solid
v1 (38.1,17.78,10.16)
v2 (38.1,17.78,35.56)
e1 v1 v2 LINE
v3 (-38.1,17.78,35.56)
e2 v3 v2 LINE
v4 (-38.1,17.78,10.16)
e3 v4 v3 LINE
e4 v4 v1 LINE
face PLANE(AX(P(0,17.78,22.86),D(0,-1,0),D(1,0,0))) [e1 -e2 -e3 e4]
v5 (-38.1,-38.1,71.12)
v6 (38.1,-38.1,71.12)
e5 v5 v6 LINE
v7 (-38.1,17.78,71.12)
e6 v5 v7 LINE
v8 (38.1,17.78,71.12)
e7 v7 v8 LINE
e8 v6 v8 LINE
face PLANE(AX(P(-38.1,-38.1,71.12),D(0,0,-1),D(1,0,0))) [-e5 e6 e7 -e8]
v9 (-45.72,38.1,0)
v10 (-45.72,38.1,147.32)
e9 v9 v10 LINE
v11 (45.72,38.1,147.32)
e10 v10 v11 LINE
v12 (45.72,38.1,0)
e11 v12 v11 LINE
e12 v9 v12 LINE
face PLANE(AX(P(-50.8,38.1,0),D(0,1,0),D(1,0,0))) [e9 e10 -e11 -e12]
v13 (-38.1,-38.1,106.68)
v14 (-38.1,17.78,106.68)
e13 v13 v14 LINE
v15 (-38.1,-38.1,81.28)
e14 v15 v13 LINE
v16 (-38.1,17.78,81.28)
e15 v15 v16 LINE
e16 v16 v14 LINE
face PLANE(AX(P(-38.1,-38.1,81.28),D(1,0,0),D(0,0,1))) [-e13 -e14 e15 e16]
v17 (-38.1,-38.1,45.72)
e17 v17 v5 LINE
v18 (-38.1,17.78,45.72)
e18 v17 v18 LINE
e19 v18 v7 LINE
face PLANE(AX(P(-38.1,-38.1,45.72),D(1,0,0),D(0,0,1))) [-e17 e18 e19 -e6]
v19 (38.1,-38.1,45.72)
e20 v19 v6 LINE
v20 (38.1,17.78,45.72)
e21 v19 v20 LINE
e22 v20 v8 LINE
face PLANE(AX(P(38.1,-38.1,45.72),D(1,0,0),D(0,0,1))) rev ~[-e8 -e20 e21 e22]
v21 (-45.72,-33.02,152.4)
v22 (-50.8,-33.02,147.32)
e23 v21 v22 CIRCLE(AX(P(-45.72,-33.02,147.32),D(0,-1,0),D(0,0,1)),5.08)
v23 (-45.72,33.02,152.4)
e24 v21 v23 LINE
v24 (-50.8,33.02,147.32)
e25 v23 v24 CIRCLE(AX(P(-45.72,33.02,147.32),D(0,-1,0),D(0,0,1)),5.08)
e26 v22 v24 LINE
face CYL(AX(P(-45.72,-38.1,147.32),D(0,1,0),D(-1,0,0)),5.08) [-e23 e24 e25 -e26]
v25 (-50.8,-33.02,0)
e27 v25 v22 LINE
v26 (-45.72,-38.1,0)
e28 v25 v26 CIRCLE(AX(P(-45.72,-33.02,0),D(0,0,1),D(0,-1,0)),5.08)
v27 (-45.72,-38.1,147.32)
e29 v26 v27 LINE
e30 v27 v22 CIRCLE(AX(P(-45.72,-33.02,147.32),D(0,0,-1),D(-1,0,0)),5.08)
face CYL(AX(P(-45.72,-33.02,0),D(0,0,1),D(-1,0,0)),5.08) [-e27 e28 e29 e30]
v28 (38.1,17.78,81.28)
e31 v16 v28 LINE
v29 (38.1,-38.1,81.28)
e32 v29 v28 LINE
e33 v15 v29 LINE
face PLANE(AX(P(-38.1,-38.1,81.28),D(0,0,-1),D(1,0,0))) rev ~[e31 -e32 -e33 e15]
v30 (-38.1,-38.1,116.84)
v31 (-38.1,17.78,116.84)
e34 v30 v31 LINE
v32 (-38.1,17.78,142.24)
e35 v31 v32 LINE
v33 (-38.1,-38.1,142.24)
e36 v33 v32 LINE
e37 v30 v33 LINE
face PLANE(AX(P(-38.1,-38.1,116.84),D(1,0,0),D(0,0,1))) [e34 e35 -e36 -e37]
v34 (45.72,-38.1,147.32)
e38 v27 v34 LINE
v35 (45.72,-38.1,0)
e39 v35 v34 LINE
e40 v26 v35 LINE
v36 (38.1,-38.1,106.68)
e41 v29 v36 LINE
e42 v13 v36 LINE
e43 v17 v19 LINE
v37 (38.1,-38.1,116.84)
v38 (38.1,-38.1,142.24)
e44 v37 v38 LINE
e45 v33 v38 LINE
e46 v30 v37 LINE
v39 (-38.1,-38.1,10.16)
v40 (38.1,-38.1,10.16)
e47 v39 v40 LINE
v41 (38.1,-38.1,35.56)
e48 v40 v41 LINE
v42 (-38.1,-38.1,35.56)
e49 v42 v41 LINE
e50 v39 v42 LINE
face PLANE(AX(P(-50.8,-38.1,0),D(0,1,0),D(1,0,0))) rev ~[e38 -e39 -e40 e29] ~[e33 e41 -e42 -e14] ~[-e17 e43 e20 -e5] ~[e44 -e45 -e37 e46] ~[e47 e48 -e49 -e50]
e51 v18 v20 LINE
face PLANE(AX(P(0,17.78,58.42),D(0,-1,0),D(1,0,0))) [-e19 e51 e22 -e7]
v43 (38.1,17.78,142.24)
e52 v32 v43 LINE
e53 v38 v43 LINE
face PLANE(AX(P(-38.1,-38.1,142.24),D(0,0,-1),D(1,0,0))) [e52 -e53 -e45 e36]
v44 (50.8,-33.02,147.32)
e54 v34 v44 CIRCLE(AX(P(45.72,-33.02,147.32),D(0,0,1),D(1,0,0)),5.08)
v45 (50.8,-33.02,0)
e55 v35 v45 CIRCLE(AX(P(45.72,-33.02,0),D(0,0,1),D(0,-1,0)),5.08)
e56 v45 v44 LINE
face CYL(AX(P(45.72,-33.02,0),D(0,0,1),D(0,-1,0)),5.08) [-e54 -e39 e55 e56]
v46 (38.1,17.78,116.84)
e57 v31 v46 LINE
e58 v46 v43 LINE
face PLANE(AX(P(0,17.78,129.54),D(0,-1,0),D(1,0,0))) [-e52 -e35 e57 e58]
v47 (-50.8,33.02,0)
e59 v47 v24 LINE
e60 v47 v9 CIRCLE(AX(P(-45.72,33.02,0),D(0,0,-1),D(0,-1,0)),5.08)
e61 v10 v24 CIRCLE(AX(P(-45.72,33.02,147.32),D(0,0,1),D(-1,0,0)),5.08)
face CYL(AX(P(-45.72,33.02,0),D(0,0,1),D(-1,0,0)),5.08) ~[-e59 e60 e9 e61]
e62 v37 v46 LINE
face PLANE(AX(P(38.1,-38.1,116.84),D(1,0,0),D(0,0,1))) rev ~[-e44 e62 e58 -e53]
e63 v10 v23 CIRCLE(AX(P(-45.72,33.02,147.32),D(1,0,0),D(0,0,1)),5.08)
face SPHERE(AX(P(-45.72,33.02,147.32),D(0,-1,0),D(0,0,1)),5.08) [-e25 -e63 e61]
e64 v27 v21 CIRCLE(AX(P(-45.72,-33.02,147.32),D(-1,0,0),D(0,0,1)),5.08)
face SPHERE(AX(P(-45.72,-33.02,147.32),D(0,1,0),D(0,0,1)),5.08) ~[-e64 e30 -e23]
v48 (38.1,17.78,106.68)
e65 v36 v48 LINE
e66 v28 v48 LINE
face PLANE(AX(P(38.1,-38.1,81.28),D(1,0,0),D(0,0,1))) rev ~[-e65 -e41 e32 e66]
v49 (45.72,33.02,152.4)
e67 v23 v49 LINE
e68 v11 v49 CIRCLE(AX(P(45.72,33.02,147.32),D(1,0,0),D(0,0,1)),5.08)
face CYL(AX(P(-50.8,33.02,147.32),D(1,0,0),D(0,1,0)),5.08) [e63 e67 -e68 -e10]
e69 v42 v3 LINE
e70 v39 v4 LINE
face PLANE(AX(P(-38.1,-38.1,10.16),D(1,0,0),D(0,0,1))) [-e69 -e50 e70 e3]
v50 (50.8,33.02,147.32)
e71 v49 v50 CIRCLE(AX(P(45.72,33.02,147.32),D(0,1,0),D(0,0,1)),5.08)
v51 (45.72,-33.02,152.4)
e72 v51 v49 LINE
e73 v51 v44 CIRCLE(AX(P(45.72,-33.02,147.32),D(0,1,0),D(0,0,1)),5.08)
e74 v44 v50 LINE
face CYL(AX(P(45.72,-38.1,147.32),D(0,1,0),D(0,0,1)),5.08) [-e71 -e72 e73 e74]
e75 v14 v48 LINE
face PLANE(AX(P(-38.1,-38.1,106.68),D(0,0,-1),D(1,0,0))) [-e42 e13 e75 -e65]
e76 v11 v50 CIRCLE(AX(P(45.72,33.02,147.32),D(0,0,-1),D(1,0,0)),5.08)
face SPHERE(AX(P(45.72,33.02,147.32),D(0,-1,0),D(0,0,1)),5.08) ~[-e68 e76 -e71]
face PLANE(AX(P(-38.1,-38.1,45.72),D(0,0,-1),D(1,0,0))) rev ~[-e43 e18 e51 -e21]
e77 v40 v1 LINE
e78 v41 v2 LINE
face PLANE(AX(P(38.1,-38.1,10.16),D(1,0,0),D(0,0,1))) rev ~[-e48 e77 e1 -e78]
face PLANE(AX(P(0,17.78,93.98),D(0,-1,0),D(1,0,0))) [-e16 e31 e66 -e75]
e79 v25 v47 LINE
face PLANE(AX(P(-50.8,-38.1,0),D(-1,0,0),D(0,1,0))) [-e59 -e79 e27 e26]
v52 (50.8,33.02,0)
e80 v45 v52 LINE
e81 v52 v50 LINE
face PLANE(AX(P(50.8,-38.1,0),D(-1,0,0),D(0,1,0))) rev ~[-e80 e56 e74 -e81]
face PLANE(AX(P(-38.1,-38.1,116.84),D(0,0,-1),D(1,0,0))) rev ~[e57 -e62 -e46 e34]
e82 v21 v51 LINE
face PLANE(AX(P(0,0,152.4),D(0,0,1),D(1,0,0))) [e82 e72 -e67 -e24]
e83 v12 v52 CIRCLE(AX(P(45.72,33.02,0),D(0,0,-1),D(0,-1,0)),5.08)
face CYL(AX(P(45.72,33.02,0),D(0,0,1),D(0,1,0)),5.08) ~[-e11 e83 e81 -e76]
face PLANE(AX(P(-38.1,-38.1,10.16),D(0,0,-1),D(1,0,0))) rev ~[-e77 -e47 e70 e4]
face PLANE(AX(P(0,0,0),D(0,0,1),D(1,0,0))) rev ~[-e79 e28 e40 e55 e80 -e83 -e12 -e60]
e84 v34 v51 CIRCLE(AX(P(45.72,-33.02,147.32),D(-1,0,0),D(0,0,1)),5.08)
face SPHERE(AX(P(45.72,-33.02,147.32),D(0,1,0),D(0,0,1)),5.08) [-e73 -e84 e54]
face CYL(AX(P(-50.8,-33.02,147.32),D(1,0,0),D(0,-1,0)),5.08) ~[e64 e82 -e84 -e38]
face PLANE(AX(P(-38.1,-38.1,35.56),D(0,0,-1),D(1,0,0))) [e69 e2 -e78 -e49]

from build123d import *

# Parameters (mm, degrees)
F0_W     = 101.6
F0_H     = 76.2
F1_DEPTH = 152.4
F2_W     = 76.2
F2_H     = 25.4
F3_DEPTH = 55.88
F4_R     = 5.08


with BuildPart() as f1:
    # F0 (on Top) → F1 (new body)
    with BuildSketch(Plane.XY):
        Rectangle(F0_W, F0_H)
    extrude(amount=F1_DEPTH)

    # F2 (on face) → F3 (cut)
    with BuildSketch(Plane.XZ.offset(38.1)):
        with Locations((0, 129.54)):
            Rectangle(F2_W, F2_H)
        with Locations((0, 93.98)):
            Rectangle(F2_W, F2_H)
        with Locations((0, 58.42)):
            Rectangle(F2_W, F2_H)
        with Locations((0, 22.86)):
            Rectangle(F2_W, F2_H)
    extrude(amount=-F3_DEPTH, mode=Mode.SUBTRACT)

    # F4
    f4_edges = [f1.edges().sort_by_distance(p)[0] for p in [
        (50.8, 0, 152.4),
        (-50.8, 0, 152.4),
        (0, -38.1, 152.4),
        (0, 38.1, 152.4),
        (50.8, -38.1, 76.2),
        (50.8, 38.1, 76.2),
        (-50.8, -38.1, 76.2),
        (-50.8, 38.1, 76.2),
    ]]
    fillet(f4_edges, radius=F4_R)


solid = f1.part
